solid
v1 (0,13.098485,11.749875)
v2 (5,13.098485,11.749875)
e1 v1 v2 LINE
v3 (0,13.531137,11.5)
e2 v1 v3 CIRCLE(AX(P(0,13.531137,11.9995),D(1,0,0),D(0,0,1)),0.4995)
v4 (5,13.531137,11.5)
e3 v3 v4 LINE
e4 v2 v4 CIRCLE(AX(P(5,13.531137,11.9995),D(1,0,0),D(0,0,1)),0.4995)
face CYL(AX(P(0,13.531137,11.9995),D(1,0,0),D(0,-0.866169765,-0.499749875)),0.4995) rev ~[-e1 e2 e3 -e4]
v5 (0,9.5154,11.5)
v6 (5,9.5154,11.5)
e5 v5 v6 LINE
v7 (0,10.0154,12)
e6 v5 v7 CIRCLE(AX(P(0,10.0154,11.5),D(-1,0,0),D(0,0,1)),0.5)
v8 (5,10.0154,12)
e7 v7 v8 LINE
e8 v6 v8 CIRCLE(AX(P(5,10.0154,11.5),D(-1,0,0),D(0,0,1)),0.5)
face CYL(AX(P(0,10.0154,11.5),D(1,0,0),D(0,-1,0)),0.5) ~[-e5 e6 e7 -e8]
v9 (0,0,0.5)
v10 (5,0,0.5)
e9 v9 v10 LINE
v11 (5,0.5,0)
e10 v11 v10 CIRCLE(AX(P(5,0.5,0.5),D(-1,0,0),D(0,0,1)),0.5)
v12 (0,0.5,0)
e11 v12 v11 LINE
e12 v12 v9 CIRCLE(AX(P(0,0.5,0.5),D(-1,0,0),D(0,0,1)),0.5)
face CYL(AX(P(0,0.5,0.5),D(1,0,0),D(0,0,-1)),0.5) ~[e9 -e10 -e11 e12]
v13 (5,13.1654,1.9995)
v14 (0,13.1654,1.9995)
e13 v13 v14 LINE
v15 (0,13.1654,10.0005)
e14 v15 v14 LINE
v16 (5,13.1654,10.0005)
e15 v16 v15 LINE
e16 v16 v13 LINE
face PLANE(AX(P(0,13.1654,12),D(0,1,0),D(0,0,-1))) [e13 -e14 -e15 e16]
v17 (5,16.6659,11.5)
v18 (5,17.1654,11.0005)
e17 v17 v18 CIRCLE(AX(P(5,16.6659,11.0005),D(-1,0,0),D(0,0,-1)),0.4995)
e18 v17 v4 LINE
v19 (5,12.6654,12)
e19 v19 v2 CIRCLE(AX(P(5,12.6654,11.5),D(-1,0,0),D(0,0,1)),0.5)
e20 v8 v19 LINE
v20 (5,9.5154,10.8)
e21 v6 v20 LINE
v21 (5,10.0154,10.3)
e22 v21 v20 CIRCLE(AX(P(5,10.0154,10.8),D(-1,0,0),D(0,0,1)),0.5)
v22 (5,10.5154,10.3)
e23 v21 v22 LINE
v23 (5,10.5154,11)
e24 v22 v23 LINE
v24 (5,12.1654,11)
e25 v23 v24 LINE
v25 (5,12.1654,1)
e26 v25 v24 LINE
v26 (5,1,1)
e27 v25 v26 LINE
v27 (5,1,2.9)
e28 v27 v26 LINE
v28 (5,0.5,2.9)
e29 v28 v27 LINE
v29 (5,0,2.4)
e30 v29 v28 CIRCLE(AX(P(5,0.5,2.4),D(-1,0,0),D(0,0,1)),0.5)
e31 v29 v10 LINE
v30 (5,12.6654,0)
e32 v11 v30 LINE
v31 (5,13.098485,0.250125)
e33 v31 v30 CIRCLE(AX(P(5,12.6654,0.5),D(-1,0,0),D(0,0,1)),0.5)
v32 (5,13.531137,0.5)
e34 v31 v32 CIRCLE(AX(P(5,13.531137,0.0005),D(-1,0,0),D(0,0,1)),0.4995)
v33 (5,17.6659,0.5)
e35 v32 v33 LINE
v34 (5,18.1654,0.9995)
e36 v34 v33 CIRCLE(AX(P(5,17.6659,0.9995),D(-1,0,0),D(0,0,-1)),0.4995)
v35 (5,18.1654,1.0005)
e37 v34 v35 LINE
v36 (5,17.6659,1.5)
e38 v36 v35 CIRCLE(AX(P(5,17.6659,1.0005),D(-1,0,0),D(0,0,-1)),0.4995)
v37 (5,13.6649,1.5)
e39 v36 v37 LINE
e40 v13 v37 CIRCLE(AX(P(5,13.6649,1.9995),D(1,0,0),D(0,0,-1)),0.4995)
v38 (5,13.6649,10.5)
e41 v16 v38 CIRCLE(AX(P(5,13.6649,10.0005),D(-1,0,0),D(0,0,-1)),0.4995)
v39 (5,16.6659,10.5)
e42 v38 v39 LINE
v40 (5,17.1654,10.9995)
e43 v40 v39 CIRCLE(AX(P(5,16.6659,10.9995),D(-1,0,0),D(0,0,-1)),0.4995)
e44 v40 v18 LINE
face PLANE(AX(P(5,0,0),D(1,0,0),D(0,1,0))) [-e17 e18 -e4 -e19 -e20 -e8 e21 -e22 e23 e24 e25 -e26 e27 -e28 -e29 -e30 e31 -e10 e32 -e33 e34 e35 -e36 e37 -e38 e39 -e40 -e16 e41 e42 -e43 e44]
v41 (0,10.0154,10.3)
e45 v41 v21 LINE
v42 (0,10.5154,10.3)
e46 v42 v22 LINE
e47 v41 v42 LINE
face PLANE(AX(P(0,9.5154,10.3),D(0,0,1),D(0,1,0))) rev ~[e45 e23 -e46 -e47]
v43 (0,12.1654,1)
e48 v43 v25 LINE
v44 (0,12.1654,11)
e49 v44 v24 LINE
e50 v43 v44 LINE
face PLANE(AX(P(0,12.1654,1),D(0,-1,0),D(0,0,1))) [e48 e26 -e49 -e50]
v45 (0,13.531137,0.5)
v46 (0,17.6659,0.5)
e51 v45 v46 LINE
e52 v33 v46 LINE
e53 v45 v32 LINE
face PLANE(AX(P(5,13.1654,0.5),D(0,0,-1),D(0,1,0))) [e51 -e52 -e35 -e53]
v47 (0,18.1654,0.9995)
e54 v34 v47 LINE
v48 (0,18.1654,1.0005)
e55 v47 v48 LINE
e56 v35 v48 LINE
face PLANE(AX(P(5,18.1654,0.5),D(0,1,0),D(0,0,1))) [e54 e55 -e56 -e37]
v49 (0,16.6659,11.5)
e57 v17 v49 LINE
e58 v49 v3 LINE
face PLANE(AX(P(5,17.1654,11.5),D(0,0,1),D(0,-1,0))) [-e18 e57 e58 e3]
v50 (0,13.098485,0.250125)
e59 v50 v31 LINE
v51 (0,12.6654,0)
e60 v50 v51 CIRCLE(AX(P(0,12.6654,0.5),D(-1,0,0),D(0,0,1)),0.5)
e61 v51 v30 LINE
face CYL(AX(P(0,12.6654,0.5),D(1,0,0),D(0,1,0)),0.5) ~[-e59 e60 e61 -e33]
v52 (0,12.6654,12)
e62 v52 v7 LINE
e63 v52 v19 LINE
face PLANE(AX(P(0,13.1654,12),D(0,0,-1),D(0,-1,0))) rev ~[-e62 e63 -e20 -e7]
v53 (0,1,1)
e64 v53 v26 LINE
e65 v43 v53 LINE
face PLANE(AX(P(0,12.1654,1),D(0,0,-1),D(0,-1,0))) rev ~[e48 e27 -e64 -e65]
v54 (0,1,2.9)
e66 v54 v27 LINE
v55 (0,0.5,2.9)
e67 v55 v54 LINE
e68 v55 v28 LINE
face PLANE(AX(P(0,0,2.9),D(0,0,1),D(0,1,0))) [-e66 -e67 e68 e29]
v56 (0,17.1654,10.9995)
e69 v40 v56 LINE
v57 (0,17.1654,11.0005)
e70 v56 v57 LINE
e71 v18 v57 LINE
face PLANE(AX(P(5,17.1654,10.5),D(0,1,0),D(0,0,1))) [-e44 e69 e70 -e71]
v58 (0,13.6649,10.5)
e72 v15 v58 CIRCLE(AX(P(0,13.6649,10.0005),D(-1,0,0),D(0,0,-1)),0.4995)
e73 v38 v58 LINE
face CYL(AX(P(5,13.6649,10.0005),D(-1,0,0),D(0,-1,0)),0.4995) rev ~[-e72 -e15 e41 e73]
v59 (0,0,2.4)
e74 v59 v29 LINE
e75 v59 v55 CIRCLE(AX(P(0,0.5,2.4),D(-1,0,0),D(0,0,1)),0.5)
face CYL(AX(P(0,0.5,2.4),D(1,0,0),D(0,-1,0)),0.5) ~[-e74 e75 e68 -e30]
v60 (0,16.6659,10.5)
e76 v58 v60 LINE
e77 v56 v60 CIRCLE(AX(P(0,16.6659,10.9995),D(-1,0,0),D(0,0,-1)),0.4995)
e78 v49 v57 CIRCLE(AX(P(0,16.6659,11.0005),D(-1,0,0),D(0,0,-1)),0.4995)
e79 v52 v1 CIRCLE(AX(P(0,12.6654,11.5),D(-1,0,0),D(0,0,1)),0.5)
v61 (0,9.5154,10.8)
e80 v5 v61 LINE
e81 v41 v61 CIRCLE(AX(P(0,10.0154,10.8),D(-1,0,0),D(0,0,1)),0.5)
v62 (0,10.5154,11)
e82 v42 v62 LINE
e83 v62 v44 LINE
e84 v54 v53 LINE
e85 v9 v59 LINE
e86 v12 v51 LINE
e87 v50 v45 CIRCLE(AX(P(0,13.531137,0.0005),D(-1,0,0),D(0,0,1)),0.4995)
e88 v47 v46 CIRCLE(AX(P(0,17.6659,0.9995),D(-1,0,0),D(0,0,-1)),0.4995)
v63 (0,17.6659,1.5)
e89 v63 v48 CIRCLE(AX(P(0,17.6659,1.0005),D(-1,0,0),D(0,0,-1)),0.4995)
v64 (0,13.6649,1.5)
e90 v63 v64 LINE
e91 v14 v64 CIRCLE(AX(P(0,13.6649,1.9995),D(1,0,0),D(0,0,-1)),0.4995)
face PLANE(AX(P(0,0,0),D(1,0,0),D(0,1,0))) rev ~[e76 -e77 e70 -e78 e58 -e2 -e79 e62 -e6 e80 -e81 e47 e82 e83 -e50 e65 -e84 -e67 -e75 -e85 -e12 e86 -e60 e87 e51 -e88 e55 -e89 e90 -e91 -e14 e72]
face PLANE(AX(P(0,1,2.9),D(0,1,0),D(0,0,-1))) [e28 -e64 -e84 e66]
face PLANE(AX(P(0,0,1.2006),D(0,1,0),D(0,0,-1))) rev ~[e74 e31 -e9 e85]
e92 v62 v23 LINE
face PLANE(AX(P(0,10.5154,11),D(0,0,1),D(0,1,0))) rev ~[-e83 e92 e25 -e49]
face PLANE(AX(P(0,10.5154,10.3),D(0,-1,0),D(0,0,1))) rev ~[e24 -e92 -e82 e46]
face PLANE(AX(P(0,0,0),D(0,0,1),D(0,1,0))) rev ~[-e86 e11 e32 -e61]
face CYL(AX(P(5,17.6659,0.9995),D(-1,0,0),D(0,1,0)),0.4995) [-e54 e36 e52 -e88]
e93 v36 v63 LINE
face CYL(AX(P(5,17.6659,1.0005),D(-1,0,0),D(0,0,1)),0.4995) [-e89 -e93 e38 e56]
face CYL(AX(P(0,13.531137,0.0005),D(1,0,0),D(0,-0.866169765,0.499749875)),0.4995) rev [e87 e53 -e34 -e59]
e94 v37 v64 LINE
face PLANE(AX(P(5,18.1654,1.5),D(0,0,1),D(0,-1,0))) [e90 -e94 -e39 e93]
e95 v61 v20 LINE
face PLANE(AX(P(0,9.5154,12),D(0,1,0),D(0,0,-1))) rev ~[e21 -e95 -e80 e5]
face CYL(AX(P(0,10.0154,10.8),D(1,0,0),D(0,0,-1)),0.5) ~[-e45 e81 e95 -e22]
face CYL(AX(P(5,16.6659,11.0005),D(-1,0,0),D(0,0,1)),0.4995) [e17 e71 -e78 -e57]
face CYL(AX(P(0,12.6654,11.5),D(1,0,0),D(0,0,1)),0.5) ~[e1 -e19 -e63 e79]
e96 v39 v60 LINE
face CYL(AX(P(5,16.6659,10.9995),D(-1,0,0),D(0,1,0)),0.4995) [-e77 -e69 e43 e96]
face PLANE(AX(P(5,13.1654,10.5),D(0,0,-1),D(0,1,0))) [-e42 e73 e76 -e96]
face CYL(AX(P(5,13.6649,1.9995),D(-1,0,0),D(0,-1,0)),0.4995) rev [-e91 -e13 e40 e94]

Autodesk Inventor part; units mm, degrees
ref_plane "YZ Plane" through (0, 0, 0) normal (1, 0, 0) x (0, 1, 0)
ref_plane "XZ Plane" through (0, 0, 0) normal (0, 1, 0) x (-1, 0, 0)
ref_plane "XY Plane" through (0, 0, 0) normal (0, 0, 1) x (1, 0, 0)
sketch "Sketch1" plane through (0, 0, 0) normal (1, 0, 0) x (0, 1, 0)
  line L0 (10.279, 12) -> (9.5154, 12)
  line L1 (9.5154, 12) -> (9.5154, 10.3)
  line L2 (9.5154, 10.3) -> (10.5154, 10.3)
  line L3 (10.5154, 10.3) -> (10.5154, 11)
  line L4 (10.5154, 11) -> (12.1654, 11)
  line L5 (13.1654, 12) -> (10.279, 12)
  line L6 (13.1654, 12) -> (13.1654, 1)
  line L7 (12.1654, 1) -> (12.1654, 11)
  line L8 (12.1654, 1) -> (1, 1)
  line L9 (0, 1.2006) -> (0, 0)
  line L10 (0, 0) -> (13.1654, 0)
  line L11 (13.1654, 0) -> (13.1654, 1)
  line L12 (0, 1.2006) -> (0, 2.9)
  line L13 (0, 2.9) -> (1, 2.9)
  line L14 (1, 2.9) -> (1, 1)
  dimension "d0" = 0.7
  dimension "d1" = 1.65
  dimension "d2" = 10
  dimension "d3" = 11.1654
  dimension "d4" = 1
  dimension "d5" = 1
  dimension "d6" = 1
  dimension "d7" = 1
  dimension "d8" = 1
  dimension "d9" = 1.9
extrude "Extrusion1" add sketch "Sketch1" along normal blind 5
fillet "Fillet1" radius 0.5 6 edges at (2.5, 9.5154, 10.3) (2.5, 9.5154, 12) (2.5, 13.1654, 12) (2.5, 13.1654, 0) (2.5, 0, 0) (2.5, 0, 2.9)
sketch "Sketch2" plane through (5, 0, 0) normal (1, 0, 0) x (0, 0, -1)
  line L0 (-0.5, 13.1654) -> (-11.5, 13.1654) projected
  line L1 (-11.5, 13.1654) -> (-10.5, 13.1654)
  line L2 (-10.5, 13.1654) -> (-10.5, 17.1654)
  line L3 (-10.5, 17.1654) -> (-11.5, 17.1654)
  line L4 (-11.5, 17.1654) -> (-11.5, 13.1654)
  line L5 (-0.5, 18.1654) -> (-1.5, 18.1654)
  line L6 (-1.5, 18.1654) -> (-1.5, 13.1654)
  line L7 (-1.5, 13.1654) -> (-0.5, 13.1654)
  line L8 (-0.5, 13.1654) -> (-0.5, 18.1654)
  point P0 (0, 0)
  dimension "d13" = 10
  dimension "d14" = 1
  dimension "d15" = 1
  dimension "d16" = 5
  dimension "d17" = 4
extrude "Extrusion2" add sketch "Sketch2" against normal blind 5
fillet "Fillet2" radius 0.5 8 edges at (2.5, 13.1654, 10.5) (2.5, 13.1654, 11.5) (2.5, 17.1654, 11.5) (2.5, 17.1654, 10.5) (2.5, 13.1654, 1.5) (2.5, 18.1654, 1.5) (2.5, 18.1654, 0.5) (2.5, 13.1654, 0.5)
properties part number "monitor-clip"
